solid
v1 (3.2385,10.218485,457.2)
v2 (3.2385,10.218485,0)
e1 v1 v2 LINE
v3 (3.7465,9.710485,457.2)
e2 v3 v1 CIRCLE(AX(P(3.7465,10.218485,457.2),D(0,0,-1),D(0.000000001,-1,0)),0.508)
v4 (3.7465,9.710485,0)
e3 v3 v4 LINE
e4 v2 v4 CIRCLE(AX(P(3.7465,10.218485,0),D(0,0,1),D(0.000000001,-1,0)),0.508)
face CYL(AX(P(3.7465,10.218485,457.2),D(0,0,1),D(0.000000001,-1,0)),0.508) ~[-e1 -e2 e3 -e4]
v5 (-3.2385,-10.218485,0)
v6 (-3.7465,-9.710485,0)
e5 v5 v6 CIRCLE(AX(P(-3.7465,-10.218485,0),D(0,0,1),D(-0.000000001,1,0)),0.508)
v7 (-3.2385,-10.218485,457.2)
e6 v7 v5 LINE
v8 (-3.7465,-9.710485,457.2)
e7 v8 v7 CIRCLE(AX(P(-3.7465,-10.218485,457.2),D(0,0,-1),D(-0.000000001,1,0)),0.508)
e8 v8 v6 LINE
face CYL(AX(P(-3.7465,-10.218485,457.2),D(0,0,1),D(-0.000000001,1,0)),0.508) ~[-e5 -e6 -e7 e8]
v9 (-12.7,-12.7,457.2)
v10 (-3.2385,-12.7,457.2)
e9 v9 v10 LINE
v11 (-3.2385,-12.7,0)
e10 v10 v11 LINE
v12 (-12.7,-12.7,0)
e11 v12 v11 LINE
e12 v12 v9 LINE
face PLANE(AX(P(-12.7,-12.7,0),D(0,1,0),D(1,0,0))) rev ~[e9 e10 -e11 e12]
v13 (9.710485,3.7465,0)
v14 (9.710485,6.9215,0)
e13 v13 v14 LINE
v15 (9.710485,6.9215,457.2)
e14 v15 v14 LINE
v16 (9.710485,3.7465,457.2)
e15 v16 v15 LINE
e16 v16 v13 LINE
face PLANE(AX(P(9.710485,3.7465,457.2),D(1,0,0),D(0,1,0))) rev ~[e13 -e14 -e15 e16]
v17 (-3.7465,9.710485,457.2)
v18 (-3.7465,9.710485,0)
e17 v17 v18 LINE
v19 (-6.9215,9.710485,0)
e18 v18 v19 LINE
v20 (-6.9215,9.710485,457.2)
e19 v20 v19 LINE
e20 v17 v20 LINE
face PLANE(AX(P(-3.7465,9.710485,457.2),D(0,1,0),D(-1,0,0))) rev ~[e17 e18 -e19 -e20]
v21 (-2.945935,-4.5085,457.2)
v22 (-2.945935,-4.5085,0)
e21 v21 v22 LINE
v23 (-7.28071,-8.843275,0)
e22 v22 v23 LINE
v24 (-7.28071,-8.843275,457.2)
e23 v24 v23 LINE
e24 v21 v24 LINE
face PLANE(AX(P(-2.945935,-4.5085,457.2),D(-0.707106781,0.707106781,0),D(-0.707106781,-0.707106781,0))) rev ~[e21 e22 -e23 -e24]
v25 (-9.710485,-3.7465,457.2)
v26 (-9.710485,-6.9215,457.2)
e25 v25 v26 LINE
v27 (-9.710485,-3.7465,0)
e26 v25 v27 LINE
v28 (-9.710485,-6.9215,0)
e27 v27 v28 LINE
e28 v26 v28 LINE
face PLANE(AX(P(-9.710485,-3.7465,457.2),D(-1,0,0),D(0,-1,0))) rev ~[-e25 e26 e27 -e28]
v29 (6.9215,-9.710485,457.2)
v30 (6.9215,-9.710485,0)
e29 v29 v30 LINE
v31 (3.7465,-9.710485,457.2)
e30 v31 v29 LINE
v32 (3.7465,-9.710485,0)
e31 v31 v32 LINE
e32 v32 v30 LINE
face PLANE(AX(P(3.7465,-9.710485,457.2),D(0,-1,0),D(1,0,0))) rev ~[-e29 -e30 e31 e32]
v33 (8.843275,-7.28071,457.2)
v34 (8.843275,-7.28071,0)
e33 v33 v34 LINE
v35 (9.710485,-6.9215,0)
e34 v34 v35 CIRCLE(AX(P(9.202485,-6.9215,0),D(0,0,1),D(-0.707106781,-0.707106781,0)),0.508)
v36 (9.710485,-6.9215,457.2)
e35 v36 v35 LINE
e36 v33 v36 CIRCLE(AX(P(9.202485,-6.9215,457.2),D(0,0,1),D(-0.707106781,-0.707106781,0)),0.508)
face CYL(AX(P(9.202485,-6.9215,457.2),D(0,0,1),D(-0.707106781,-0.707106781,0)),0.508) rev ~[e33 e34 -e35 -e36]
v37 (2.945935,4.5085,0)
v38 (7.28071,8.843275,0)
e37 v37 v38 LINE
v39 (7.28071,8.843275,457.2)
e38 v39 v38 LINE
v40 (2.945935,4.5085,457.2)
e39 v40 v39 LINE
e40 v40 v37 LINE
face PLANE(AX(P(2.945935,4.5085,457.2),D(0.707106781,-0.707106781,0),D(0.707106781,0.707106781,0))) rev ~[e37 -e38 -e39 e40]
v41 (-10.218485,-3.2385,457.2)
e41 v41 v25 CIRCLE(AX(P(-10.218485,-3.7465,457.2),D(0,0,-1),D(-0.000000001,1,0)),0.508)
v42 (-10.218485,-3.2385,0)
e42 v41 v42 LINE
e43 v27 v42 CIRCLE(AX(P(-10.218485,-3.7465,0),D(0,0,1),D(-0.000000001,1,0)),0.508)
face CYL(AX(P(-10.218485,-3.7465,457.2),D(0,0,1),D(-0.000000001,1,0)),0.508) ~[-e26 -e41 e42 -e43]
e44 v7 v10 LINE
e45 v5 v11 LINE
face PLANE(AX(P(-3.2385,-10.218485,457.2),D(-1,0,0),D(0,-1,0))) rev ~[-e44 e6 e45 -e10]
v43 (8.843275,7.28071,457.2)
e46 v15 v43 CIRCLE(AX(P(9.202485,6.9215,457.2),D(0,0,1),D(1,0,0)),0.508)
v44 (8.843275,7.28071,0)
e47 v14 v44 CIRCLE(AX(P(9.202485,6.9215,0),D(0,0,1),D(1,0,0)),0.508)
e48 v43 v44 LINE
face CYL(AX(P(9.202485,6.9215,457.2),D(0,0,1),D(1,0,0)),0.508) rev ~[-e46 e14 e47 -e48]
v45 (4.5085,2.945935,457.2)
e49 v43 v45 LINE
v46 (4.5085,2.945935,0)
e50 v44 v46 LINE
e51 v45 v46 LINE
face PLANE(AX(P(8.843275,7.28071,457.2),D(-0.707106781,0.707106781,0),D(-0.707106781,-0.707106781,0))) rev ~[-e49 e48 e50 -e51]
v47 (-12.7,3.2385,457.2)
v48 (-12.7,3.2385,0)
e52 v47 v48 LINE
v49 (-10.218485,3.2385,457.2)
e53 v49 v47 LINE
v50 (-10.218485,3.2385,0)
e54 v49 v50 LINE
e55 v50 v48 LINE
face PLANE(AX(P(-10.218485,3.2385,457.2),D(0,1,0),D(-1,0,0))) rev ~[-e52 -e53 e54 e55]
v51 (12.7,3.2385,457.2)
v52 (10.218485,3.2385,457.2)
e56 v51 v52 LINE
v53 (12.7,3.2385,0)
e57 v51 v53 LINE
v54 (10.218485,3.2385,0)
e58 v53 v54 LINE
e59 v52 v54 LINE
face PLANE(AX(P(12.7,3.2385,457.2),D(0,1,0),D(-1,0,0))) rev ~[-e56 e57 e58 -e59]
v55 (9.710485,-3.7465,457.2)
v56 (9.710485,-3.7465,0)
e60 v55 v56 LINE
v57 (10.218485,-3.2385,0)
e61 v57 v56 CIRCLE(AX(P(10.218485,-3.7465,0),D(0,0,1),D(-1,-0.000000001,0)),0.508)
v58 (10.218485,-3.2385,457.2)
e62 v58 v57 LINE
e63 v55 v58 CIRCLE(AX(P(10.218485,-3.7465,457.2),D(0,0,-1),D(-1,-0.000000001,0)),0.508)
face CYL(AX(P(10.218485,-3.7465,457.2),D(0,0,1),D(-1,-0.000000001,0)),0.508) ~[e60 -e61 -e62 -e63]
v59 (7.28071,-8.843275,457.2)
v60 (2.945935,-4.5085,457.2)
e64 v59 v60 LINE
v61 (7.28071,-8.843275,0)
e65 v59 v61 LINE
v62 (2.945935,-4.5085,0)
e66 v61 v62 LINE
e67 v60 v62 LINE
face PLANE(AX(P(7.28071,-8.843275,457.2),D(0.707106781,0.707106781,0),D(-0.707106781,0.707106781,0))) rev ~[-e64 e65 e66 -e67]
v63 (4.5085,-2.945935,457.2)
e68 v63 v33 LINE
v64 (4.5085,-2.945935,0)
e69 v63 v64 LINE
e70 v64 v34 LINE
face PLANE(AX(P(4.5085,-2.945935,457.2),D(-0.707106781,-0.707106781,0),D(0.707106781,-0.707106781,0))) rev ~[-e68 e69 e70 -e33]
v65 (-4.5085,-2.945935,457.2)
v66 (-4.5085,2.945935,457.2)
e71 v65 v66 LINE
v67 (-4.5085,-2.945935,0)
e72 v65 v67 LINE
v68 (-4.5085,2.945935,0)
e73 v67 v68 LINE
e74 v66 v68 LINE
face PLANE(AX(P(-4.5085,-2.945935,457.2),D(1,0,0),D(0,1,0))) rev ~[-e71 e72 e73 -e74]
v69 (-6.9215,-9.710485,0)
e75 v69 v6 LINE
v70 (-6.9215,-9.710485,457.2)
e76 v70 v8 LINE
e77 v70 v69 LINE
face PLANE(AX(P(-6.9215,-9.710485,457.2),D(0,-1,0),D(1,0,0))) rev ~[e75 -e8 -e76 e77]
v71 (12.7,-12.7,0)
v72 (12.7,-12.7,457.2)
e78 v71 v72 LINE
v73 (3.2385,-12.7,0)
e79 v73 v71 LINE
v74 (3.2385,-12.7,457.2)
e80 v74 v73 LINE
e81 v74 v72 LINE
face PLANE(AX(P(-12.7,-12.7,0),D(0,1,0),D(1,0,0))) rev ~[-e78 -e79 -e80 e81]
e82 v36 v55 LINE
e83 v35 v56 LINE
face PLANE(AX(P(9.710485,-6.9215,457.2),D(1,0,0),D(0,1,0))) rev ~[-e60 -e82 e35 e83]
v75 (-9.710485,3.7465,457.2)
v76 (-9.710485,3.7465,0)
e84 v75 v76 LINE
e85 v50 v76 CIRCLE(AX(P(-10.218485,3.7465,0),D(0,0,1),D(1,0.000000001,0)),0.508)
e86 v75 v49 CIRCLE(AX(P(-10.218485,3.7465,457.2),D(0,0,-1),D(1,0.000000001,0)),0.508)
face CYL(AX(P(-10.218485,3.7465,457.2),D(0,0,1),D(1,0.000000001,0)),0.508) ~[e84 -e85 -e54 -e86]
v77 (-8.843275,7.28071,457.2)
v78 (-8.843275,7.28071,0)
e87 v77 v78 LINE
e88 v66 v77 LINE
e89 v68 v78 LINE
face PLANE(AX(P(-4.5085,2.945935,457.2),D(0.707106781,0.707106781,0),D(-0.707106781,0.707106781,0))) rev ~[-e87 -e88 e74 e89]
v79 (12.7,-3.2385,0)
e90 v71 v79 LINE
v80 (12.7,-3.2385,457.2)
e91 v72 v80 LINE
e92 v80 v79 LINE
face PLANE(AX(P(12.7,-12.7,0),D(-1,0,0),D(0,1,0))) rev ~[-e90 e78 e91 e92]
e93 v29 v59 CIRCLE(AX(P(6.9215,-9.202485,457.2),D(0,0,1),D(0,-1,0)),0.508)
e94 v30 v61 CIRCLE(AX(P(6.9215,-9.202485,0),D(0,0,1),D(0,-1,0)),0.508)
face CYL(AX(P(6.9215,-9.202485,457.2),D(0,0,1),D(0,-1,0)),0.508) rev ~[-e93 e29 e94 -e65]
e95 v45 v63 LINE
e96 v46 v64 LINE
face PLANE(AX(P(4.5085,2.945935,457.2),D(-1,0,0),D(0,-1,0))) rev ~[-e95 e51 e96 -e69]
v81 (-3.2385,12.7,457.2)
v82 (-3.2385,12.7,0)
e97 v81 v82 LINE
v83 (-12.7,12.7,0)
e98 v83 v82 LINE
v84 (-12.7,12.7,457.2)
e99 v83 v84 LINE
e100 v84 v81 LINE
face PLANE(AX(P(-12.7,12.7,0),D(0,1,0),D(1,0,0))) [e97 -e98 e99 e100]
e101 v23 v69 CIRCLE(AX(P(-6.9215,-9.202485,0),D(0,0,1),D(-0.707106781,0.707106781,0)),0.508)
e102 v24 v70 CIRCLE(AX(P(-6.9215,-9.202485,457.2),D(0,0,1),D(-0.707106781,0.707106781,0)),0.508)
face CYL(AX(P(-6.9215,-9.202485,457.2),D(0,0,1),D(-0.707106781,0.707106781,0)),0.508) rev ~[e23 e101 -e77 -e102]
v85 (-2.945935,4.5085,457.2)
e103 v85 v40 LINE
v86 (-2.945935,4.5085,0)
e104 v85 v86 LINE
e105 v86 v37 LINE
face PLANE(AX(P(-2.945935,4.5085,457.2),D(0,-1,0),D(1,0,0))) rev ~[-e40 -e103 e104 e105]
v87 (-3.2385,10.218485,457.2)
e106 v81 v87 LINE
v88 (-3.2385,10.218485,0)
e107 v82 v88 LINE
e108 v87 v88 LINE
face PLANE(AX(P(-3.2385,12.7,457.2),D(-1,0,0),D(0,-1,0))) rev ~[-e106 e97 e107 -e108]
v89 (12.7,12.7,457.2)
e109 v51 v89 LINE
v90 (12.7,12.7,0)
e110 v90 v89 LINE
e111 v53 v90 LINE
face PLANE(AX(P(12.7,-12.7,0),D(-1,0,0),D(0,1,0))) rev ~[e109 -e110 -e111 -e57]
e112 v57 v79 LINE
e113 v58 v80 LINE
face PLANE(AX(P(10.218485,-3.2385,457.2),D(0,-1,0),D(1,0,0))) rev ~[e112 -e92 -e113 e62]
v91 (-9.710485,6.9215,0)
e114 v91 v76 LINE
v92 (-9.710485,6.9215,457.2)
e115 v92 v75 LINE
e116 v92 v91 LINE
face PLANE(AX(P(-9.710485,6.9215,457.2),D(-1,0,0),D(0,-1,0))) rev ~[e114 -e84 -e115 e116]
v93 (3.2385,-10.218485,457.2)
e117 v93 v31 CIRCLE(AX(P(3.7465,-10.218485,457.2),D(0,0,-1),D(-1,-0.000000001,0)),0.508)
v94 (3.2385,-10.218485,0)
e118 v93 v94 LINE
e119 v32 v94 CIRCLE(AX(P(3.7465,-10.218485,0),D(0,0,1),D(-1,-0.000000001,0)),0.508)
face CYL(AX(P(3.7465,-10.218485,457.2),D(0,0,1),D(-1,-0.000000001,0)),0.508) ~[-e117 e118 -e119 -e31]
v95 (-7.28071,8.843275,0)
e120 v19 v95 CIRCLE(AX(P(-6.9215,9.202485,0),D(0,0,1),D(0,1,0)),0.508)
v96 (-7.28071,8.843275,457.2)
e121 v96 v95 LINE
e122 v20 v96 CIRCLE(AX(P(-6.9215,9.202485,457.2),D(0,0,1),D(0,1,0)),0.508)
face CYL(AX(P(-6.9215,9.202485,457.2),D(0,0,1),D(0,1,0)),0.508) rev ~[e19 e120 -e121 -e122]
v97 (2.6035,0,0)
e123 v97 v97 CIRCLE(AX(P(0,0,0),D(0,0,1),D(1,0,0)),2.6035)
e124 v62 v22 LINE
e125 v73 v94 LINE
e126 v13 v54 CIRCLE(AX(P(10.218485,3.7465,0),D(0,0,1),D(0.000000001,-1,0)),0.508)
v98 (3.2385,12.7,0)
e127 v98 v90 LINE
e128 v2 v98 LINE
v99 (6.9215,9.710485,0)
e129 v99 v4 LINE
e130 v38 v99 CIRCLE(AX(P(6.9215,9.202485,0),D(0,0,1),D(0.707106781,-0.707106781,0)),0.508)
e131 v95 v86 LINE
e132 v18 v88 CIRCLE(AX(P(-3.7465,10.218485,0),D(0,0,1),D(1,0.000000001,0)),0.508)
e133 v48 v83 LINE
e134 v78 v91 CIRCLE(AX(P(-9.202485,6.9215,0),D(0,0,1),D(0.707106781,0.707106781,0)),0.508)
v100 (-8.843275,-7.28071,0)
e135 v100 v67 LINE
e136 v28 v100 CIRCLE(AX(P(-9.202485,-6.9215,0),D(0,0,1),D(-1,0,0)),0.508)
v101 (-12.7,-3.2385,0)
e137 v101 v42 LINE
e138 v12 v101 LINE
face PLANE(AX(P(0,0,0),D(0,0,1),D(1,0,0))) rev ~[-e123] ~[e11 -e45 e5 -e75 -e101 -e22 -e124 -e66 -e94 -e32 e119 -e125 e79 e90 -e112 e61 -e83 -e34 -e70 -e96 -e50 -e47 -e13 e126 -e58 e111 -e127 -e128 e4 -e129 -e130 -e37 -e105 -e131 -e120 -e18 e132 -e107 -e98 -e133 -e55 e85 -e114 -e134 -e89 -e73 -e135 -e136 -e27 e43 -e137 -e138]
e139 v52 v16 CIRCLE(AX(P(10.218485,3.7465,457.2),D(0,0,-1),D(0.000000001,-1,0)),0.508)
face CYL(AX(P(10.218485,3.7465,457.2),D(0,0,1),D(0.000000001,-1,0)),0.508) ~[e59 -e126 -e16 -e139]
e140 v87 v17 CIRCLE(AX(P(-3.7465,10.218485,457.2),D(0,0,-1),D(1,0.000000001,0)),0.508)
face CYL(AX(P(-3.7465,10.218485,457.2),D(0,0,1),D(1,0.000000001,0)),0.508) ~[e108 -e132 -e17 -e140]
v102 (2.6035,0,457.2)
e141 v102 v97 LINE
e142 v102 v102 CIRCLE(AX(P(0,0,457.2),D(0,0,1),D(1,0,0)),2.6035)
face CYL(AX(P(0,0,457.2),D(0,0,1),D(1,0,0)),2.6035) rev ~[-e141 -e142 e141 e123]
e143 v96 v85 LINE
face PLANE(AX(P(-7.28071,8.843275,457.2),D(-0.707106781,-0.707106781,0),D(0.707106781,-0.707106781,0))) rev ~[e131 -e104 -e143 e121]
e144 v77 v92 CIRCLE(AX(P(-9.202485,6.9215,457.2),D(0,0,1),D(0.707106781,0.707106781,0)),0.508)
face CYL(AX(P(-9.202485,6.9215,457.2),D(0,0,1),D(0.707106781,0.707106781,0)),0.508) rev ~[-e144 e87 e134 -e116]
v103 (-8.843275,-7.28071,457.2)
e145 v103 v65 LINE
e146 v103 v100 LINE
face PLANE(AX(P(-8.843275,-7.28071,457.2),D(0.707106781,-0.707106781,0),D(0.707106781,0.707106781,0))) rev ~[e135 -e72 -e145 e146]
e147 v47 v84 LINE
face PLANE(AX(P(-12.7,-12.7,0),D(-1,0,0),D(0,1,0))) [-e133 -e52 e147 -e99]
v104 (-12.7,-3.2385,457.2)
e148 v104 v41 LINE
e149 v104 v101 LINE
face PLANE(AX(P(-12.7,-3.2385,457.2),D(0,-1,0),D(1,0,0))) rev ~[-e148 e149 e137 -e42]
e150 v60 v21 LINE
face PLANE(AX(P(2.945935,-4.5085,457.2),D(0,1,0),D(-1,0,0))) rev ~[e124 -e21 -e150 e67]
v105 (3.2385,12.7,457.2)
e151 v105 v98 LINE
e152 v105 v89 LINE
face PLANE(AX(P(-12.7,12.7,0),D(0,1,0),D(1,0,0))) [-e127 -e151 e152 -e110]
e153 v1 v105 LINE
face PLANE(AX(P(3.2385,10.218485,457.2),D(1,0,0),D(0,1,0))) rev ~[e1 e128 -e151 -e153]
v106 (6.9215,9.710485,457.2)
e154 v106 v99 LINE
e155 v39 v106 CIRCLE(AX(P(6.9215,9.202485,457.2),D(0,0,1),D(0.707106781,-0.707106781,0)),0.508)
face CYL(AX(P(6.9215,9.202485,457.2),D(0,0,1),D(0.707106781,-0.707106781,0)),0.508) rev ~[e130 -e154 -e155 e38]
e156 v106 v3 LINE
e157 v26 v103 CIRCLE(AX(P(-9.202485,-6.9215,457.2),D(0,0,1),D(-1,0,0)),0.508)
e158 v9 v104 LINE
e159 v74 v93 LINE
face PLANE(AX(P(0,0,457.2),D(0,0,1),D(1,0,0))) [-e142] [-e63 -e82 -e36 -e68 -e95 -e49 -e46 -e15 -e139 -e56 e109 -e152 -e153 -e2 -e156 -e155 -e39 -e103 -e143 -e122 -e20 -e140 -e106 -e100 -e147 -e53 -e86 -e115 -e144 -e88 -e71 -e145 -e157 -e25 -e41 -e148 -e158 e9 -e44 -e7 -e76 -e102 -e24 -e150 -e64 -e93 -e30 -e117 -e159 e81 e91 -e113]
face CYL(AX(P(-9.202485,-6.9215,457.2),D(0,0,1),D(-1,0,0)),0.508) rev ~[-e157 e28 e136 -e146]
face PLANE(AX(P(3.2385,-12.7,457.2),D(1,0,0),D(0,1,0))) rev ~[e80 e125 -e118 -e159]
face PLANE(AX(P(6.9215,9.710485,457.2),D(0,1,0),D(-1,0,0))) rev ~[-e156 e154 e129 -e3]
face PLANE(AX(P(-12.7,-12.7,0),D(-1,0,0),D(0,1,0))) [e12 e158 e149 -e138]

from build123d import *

# Parameters (mm, degrees)
SKETCH2_W           = 25.4
SKETCH2_H           = 25.4
BOSS_EXTRUDE2_DEPTH = 457.2
SKETCH3_R           = 2.6035
CUT_EXTRUDE2_DEPTH  = 458.2


with BuildPart() as part:
    # Sketch2 → Boss-Extrude2 (new body)
    with BuildSketch(Plane.XY):
        Rectangle(SKETCH2_W, SKETCH2_H)
    extrude(amount=BOSS_EXTRUDE2_DEPTH)

    # Sketch3 → Cut-Extrude2 (cut, through all)
    with BuildSketch(Plane.XY.offset(457.2)):
        Circle(SKETCH3_R)
        with BuildLine():
            Line((-3.2385, 12.7), (-3.2385, 10.218485055))
            ThreePointArc((-3.2385, 10.218485055), (-3.387289755, 9.85927481), (-3.7465, 9.710485055))
            Line((-3.7465, 9.710485055), (-6.9215, 9.710485055))
            ThreePointArc((-6.9215, 9.710485055), (-7.390830803, 9.396888238), (-7.280710245, 8.84327481))
            Line((-7.280710245, 8.84327481), (-2.945935435, 4.5085))
            Line((-2.945935435, 4.5085), (2.945935435, 4.5085))
            Line((2.945935435, 4.5085), (7.280710245, 8.84327481))
            ThreePointArc((7.280710245, 8.84327481), (7.390830803, 9.396888238), (6.9215, 9.710485055))
            Line((6.9215, 9.710485055), (3.7465, 9.710485055))
            ThreePointArc((3.7465, 9.710485055), (3.387289755, 9.85927481), (3.2385, 10.218485055))
            Line((3.2385, 10.218485055), (3.2385, 12.7))
            Line((3.2385, 12.7), (-3.2385, 12.7))
        make_face()
        with BuildLine():
            Line((12.7, 3.2385), (10.218485055, 3.2385))
            ThreePointArc((10.218485055, 3.2385), (9.85927481, 3.387289755), (9.710485055, 3.7465))
            Line((9.710485055, 3.7465), (9.710485055, 6.9215))
            ThreePointArc((9.710485055, 6.9215), (9.396888238, 7.390830803), (8.84327481, 7.280710245))
            Line((8.84327481, 7.280710245), (4.5085, 2.945935435))
            Line((4.5085, 2.945935435), (4.5085, -2.945935435))
            Line((4.5085, -2.945935435), (8.84327481, -7.280710245))
            ThreePointArc((8.84327481, -7.280710245), (9.396888238, -7.390830803), (9.710485055, -6.9215))
            Line((9.710485055, -6.9215), (9.710485055, -3.7465))
            ThreePointArc((9.710485055, -3.7465), (9.85927481, -3.387289755), (10.218485055, -3.2385))
            Line((10.218485055, -3.2385), (12.7, -3.2385))
            Line((12.7, -3.2385), (12.7, 3.2385))
        make_face()
        with BuildLine():
            Line((3.2385, -12.7), (3.2385, -10.218485055))
            ThreePointArc((3.2385, -10.218485055), (3.387289755, -9.85927481), (3.7465, -9.710485055))
            Line((3.7465, -9.710485055), (6.9215, -9.710485055))
            ThreePointArc((6.9215, -9.710485055), (7.390830803, -9.396888238), (7.280710245, -8.84327481))
            Line((7.280710245, -8.84327481), (2.945935435, -4.5085))
            Line((2.945935435, -4.5085), (-2.945935435, -4.5085))
            Line((-2.945935435, -4.5085), (-7.280710245, -8.84327481))
            ThreePointArc((-7.280710245, -8.84327481), (-7.390830803, -9.396888238), (-6.9215, -9.710485055))
            Line((-6.9215, -9.710485055), (-3.7465, -9.710485055))
            ThreePointArc((-3.7465, -9.710485055), (-3.387289755, -9.85927481), (-3.2385, -10.218485055))
            Line((-3.2385, -10.218485055), (-3.2385, -12.7))
            Line((-3.2385, -12.7), (3.2385, -12.7))
        make_face()
        with BuildLine():
            Line((-12.7, -3.2385), (-10.218485055, -3.2385))
            ThreePointArc((-10.218485055, -3.2385), (-9.85927481, -3.387289755), (-9.710485055, -3.7465))
            Line((-9.710485055, -3.7465), (-9.710485055, -6.9215))
            ThreePointArc((-9.710485055, -6.9215), (-9.396888238, -7.390830803), (-8.84327481, -7.280710245))
            Line((-8.84327481, -7.280710245), (-4.5085, -2.945935435))
            Line((-4.5085, -2.945935435), (-4.5085, 2.945935435))
            Line((-4.5085, 2.945935435), (-8.84327481, 7.280710245))
            ThreePointArc((-8.84327481, 7.280710245), (-9.396888238, 7.390830803), (-9.710485055, 6.9215))
            Line((-9.710485055, 6.9215), (-9.710485055, 3.7465))
            ThreePointArc((-9.710485055, 3.7465), (-9.85927481, 3.387289755), (-10.218485055, 3.2385))
            Line((-10.218485055, 3.2385), (-12.7, 3.2385))
            Line((-12.7, 3.2385), (-12.7, -3.2385))
        make_face()
    extrude(amount=-CUT_EXTRUDE2_DEPTH, mode=Mode.SUBTRACT)


solid = part.part
